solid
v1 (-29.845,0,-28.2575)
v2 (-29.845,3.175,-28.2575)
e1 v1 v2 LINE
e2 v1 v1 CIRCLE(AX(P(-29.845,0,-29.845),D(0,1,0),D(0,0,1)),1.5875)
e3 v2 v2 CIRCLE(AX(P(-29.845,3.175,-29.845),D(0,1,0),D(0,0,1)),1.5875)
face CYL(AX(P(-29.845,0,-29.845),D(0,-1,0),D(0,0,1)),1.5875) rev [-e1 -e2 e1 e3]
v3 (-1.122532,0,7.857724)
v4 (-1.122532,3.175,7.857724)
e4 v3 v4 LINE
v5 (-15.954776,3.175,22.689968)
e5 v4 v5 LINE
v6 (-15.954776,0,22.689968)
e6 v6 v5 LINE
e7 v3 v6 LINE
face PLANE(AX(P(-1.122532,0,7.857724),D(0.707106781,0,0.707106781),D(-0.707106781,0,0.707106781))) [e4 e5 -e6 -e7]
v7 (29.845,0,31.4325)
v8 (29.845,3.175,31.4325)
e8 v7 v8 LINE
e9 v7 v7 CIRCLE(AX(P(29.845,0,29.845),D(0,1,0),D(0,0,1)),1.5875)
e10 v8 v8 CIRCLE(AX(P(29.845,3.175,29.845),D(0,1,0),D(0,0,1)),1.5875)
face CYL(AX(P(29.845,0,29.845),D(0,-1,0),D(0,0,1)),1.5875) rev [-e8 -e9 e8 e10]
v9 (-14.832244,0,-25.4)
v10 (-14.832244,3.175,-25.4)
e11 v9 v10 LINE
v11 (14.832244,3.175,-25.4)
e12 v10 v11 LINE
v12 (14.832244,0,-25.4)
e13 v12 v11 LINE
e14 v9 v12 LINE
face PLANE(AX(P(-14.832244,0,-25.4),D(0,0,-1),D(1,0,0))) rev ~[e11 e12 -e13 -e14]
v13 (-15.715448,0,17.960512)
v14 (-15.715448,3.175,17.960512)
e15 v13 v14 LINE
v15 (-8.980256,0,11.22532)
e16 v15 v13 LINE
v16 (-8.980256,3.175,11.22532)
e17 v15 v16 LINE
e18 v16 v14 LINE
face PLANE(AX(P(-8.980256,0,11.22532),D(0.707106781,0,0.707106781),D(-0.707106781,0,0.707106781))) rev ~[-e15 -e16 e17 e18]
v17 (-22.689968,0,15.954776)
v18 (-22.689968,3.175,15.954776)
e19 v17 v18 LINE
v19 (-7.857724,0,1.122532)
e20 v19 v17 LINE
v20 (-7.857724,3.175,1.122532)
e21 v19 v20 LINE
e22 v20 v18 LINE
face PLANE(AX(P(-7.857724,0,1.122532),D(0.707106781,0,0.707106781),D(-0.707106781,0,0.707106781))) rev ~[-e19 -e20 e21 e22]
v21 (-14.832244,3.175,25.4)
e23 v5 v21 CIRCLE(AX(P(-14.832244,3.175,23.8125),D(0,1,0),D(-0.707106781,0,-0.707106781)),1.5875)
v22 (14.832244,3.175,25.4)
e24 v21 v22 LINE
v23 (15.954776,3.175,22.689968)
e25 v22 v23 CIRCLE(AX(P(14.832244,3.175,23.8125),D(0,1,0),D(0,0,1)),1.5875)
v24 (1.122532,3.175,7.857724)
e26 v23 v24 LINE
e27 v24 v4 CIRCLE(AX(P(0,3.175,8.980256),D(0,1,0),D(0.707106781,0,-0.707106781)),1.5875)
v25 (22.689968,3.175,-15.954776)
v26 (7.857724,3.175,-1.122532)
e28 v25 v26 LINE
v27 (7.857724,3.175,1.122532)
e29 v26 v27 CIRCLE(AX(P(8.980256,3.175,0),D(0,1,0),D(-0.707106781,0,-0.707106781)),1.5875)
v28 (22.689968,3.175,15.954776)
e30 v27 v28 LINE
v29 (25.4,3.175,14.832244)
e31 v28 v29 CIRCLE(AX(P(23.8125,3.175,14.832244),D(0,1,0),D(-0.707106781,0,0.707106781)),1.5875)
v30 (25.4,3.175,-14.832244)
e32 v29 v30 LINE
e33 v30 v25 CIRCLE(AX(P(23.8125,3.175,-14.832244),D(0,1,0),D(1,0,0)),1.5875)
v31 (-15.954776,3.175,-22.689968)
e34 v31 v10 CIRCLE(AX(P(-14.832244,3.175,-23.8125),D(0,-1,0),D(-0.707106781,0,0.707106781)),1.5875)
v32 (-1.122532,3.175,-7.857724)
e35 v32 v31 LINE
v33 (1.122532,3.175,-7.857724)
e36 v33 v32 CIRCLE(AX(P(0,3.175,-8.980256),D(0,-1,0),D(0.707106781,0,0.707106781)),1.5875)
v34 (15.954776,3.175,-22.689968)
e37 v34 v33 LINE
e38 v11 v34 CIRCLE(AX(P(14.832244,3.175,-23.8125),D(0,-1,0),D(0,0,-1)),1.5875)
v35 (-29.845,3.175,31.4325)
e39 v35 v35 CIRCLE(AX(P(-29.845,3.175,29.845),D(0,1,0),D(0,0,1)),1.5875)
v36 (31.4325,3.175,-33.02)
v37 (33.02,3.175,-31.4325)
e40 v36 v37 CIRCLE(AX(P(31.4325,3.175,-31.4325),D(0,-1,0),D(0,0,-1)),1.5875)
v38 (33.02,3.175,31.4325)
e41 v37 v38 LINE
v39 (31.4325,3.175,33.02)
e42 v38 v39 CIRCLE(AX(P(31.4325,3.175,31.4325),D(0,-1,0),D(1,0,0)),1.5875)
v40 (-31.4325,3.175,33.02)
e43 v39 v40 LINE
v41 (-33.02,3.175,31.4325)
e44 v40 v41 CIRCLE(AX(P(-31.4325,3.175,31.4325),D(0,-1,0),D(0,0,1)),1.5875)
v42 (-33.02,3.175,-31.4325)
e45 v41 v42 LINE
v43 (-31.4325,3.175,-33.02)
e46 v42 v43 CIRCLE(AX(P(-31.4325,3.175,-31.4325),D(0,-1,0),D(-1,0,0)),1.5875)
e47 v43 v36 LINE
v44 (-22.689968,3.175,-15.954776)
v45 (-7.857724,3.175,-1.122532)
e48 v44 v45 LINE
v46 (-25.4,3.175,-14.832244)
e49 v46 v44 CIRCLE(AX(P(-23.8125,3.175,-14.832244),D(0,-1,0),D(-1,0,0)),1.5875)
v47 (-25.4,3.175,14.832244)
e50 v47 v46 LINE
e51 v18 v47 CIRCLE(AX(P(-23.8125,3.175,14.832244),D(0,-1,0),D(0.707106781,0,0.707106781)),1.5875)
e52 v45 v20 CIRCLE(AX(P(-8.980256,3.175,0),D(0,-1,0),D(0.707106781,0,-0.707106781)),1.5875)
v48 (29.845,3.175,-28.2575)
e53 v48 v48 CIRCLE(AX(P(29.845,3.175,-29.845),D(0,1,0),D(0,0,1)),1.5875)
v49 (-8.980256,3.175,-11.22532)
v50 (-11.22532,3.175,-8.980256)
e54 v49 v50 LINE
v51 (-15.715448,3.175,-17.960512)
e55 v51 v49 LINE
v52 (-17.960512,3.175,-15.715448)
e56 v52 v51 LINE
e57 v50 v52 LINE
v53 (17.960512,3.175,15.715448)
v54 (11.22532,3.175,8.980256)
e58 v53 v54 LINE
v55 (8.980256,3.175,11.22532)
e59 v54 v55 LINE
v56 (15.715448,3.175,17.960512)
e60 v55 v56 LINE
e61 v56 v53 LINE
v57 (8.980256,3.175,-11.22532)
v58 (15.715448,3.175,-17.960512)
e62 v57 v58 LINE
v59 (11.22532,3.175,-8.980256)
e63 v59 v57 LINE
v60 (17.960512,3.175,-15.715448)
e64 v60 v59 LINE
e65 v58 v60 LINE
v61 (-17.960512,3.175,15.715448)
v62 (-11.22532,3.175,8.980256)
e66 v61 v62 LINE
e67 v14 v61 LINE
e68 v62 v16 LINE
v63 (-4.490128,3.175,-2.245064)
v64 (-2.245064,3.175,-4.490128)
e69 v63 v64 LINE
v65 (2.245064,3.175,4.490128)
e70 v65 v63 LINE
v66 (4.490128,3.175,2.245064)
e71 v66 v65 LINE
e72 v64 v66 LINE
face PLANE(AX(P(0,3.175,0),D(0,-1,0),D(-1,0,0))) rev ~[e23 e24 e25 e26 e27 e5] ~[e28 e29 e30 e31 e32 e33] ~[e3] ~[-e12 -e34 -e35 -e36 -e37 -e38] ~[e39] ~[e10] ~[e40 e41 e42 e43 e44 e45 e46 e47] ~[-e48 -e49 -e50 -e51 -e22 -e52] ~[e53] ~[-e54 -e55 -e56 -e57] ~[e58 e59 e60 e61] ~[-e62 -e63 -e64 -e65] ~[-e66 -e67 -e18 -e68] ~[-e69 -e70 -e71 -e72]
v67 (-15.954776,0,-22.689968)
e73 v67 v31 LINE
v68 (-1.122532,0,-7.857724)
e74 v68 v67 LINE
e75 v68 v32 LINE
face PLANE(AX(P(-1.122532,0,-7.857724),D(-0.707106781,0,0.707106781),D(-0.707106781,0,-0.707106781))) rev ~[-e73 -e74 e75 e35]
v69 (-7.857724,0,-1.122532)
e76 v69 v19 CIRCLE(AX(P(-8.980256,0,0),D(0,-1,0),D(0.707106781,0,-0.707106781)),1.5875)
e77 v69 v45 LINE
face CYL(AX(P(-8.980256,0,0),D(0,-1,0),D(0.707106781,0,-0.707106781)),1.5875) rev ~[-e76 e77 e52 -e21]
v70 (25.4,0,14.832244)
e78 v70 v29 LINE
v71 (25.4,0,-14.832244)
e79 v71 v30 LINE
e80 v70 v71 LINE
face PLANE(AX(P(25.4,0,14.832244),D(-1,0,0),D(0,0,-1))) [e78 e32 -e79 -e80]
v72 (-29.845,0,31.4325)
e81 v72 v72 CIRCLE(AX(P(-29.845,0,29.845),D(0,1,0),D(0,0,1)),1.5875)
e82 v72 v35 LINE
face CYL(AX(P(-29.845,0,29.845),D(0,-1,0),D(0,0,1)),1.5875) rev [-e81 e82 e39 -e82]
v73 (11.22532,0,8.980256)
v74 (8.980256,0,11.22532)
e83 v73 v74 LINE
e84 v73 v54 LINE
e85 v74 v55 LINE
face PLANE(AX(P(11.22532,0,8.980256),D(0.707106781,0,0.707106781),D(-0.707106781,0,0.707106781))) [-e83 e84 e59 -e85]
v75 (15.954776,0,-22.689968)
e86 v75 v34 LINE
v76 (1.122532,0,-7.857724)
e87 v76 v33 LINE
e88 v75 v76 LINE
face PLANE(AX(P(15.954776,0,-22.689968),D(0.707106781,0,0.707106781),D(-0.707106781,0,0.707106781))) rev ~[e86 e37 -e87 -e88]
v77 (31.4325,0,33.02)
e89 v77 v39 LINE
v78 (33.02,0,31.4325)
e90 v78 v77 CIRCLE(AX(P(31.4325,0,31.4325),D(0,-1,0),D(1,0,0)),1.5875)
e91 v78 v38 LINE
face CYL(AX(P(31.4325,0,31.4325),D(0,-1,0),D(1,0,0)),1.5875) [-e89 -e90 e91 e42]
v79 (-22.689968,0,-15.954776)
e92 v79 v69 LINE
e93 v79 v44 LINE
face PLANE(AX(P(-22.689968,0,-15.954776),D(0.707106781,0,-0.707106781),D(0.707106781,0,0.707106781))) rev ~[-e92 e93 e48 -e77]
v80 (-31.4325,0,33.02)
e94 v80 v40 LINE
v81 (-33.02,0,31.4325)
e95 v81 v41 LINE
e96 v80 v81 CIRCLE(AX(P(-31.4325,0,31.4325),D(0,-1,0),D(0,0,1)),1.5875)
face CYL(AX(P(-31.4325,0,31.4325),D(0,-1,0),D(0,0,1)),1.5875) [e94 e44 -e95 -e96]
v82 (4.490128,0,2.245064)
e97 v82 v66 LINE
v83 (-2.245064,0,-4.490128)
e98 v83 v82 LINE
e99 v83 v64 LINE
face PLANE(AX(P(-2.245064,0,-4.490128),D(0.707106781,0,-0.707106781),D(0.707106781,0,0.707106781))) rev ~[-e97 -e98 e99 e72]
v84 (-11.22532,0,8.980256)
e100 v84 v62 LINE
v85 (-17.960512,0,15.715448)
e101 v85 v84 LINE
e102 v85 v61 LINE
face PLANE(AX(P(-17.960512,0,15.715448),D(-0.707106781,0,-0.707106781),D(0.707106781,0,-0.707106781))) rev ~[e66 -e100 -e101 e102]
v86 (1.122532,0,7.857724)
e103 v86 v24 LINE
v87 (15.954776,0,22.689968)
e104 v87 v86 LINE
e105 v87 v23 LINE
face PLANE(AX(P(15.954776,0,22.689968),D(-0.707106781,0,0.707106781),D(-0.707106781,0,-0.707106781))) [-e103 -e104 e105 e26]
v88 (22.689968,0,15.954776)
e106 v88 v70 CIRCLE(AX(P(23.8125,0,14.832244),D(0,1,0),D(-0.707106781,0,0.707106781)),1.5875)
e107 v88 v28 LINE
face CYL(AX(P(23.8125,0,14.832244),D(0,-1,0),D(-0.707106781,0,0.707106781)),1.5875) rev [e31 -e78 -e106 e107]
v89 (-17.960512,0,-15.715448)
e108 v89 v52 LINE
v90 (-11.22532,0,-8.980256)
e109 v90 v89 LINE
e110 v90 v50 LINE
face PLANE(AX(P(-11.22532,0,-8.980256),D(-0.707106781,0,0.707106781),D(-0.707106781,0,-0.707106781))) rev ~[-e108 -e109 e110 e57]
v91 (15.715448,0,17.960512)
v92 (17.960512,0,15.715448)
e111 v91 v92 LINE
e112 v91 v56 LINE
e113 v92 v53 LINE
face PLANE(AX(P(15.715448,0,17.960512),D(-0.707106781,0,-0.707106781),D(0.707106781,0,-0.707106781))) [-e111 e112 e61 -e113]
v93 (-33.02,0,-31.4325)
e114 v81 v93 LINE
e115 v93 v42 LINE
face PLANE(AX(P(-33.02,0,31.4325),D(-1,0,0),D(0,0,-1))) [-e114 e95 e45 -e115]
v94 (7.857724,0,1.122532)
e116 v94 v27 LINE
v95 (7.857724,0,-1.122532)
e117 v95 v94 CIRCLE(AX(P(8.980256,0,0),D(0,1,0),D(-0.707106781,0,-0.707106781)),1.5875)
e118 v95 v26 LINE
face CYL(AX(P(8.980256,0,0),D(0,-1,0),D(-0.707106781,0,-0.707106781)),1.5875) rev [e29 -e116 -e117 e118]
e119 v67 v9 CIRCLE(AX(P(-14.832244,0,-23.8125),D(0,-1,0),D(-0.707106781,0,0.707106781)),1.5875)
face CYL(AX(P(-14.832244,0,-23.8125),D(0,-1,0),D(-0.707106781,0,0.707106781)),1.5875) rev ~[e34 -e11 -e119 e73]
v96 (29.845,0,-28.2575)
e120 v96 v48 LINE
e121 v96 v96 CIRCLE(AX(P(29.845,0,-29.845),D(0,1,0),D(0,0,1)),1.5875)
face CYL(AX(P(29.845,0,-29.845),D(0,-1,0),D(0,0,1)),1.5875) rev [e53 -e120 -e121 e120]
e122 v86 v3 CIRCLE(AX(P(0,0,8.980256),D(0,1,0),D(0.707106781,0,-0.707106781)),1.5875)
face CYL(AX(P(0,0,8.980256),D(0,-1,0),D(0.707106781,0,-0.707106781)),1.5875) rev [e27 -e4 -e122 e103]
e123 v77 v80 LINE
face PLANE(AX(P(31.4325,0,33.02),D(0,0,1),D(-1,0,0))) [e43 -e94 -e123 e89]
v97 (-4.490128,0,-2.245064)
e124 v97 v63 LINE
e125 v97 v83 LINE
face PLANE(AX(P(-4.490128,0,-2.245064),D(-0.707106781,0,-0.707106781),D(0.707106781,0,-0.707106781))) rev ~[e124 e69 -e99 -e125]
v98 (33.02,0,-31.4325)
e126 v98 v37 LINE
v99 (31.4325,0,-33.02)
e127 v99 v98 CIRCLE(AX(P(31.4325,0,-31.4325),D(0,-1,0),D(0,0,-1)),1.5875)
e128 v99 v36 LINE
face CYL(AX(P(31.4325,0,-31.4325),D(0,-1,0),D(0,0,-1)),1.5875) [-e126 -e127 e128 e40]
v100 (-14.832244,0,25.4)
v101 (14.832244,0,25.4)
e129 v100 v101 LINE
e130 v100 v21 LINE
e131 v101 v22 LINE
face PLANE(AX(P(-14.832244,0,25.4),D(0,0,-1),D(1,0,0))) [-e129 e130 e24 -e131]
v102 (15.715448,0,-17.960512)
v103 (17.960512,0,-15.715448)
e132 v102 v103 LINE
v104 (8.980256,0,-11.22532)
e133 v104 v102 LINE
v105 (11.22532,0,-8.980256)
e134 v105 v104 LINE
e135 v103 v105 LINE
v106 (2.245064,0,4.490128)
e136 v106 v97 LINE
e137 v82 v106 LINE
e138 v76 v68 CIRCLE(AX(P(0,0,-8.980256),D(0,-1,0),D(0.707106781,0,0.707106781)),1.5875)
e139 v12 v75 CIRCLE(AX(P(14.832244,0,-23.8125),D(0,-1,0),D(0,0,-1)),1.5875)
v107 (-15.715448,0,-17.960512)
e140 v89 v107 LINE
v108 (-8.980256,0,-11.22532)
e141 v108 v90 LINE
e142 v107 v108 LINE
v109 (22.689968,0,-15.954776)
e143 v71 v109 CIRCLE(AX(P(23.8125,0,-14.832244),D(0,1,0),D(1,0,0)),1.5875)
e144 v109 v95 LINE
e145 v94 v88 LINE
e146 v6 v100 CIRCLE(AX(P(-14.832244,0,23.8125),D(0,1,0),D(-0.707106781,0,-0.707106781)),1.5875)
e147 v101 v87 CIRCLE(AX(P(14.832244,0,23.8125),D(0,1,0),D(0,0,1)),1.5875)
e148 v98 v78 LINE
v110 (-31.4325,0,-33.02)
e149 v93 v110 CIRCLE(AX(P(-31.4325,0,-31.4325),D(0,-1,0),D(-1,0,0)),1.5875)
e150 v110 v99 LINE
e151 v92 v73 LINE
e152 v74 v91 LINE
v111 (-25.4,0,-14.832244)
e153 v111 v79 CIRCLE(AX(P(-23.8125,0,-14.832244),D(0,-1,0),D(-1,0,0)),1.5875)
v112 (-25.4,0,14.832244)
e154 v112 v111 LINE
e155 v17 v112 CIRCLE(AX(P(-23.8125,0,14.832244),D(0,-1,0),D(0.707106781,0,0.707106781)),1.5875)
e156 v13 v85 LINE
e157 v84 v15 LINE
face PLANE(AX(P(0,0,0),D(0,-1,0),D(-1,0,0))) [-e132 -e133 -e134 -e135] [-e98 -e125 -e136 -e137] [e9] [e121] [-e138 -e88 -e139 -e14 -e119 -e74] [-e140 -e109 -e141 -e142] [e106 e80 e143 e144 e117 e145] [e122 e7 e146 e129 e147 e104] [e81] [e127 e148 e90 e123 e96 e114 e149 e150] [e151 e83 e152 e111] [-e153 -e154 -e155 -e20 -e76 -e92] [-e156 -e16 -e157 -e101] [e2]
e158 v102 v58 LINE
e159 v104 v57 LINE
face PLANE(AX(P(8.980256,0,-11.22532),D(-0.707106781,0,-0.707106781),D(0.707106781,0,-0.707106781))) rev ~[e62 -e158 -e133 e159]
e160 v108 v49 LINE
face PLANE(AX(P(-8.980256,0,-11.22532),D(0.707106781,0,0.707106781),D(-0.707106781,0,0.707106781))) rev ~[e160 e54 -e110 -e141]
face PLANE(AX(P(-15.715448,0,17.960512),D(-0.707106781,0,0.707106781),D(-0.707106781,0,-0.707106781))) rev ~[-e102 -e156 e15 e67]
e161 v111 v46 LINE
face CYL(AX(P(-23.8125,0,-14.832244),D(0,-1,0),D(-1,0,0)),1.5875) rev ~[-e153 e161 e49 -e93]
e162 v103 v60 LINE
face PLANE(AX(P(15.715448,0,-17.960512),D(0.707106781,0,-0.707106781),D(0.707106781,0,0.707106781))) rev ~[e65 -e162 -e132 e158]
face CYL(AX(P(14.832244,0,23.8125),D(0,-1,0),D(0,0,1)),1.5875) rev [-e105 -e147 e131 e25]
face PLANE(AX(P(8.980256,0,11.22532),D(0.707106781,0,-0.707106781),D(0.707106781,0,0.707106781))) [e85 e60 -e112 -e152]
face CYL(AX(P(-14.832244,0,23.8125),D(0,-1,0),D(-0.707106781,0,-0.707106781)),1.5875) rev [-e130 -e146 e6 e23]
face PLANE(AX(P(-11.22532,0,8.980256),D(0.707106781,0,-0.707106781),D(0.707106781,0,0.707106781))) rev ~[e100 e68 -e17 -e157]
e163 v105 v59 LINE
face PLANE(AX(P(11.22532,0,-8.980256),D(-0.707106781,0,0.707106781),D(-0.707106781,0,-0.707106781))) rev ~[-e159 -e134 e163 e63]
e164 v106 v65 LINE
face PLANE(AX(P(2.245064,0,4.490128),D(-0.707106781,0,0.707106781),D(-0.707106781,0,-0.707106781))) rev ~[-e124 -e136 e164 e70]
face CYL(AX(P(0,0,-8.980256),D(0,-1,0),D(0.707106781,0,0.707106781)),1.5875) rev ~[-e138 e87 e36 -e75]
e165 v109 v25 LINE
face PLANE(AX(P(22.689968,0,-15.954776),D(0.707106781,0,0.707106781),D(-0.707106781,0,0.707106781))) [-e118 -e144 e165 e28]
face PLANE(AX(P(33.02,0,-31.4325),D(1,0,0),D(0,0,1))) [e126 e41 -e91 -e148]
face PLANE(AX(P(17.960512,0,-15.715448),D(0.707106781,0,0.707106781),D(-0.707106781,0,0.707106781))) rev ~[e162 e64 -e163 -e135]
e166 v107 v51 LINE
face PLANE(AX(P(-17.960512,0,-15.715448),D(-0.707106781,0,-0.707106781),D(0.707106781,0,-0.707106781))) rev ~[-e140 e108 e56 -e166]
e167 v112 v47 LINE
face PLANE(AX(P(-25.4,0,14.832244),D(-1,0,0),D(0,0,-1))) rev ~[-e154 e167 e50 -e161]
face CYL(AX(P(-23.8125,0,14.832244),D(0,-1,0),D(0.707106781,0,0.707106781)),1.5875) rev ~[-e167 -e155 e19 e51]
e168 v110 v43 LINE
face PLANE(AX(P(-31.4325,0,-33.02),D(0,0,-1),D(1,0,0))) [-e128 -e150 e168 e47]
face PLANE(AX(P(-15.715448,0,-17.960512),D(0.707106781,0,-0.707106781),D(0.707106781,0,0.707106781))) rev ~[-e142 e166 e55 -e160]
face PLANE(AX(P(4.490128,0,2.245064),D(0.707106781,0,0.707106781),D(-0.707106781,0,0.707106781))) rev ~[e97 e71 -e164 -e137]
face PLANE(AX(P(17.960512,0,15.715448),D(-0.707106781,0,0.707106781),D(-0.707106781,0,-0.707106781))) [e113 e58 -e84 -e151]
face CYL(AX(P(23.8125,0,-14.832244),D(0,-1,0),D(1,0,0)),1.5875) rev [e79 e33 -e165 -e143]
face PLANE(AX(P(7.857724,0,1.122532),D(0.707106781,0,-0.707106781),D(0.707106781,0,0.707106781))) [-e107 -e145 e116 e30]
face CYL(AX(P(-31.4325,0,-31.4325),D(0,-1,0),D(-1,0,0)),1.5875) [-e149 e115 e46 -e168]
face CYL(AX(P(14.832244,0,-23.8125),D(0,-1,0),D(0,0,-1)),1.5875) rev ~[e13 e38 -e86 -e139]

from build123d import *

# Parameters (mm, degrees)
SKETCH1_R           = 1.5875
BOSS_EXTRUDE1_DEPTH = 3.175


with BuildPart() as part:
    # Sketch1 → Boss-Extrude1 (new body)
    with BuildSketch(Plane(origin=(0, 0, 0), x_dir=(1, 0, 0), z_dir=(0, 1, 0))):
        with BuildLine():
            Line((-31.4325, 33.02), (31.4325, 33.02))
            ThreePointArc((31.4325, 33.02), (32.555032015, 32.555032015), (33.02, 31.4325))
            Line((33.02, 31.4325), (33.02, -31.4325))
            ThreePointArc((33.02, -31.4325), (32.555032015, -32.555032015), (31.4325, -33.02))
            Line((31.4325, -33.02), (-31.4325, -33.02))
            ThreePointArc((-31.4325, -33.02), (-32.555032015, -32.555032015), (-33.02, -31.4325))
            Line((-33.02, -31.4325), (-33.02, 31.4325))
            ThreePointArc((-33.02, 31.4325), (-32.555032015, 32.555032015), (-31.4325, 33.02))
        make_face()
        with Locations(Location((-29.845, 29.845, 0), (0, 0, 270))):
            Circle(SKETCH1_R, mode=Mode.SUBTRACT)
        with Locations(Location((29.845, 29.845, 0), (0, 0, 270))):
            Circle(SKETCH1_R, mode=Mode.SUBTRACT)
        with Locations(Location((29.845, -29.845, 0), (0, 0, 270))):
            Circle(SKETCH1_R, mode=Mode.SUBTRACT)
        with Locations(Location((-29.845, -29.845, 0), (0, 0, 270))):
            Circle(SKETCH1_R, mode=Mode.SUBTRACT)
        with BuildLine():
            Line((-14.832243879, 25.4), (14.832243879, 25.4))
            ThreePointArc((14.832243879, 25.4), (16.298902637, 24.420009949), (15.954775894, 22.689967985))
            Line((15.954775894, 22.689967985), (1.122532015, 7.857724106))
            ThreePointArc((1.122532015, 7.857724106), (0, 7.392756121), (-1.122532015, 7.857724106))
            Line((-1.122532015, 7.857724106), (-15.954775894, 22.689967985))
            ThreePointArc((-15.954775894, 22.689967985), (-16.298902637, 24.420009949), (-14.832243879, 25.4))
        make_face(mode=Mode.SUBTRACT)
        Polygon((15.715448212, -17.960512242), (17.960512242, -15.715448212), (11.225320151, -8.980256121), (8.980256121, -11.225320151), align=None, mode=Mode.SUBTRACT)
        with BuildLine():
            Line((-14.832243879, -25.4), (14.832243879, -25.4))
            ThreePointArc((14.832243879, -25.4), (16.298902637, -24.420009949), (15.954775894, -22.689967985))
            Line((15.954775894, -22.689967985), (1.122532015, -7.857724106))
            ThreePointArc((1.122532015, -7.857724106), (0, -7.392756121), (-1.122532015, -7.857724106))
            Line((-1.122532015, -7.857724106), (-15.954775894, -22.689967985))
            ThreePointArc((-15.954775894, -22.689967985), (-16.298902637, -24.420009949), (-14.832243879, -25.4))
        make_face(mode=Mode.SUBTRACT)
        Polygon((-15.715448212, 17.960512242), (-8.980256121, 11.225320151), (-11.225320151, 8.980256121), (-17.960512242, 15.715448212), align=None, mode=Mode.SUBTRACT)
        Polygon((-17.960512242, -15.715448212), (-11.225320151, -8.980256121), (-8.980256121, -11.225320151), (-15.715448212, -17.960512242), align=None, mode=Mode.SUBTRACT)
        with BuildLine():
            Line((-22.689967985, 15.954775894), (-7.857724106, 1.122532015))
            ThreePointArc((-7.857724106, 1.122532015), (-7.392756121, 0), (-7.857724106, -1.122532015))
            Line((-7.857724106, -1.122532015), (-22.689967985, -15.954775894))
            ThreePointArc((-22.689967985, -15.954775894), (-24.420009949, -16.298902637), (-25.4, -14.832243879))
            Line((-25.4, -14.832243879), (-25.4, 14.832243879))
            ThreePointArc((-25.4, 14.832243879), (-24.420009949, 16.298902637), (-22.689967985, 15.954775894))
        make_face(mode=Mode.SUBTRACT)
        Polygon((-4.490128061, 2.24506403), (-2.24506403, 4.490128061), (4.490128061, -2.24506403), (2.24506403, -4.490128061), align=None, mode=Mode.SUBTRACT)
        Polygon((8.980256121, 11.225320151), (15.715448212, 17.960512242), (17.960512242, 15.715448212), (11.225320151, 8.980256121), align=None, mode=Mode.SUBTRACT)
        with BuildLine():
            Line((25.4, -14.832243879), (25.4, 14.832243879))
            ThreePointArc((25.4, 14.832243879), (24.420009949, 16.298902637), (22.689967985, 15.954775894))
            Line((22.689967985, 15.954775894), (7.857724106, 1.122532015))
            ThreePointArc((7.857724106, 1.122532015), (7.392756121, 0), (7.857724106, -1.122532015))
            Line((7.857724106, -1.122532015), (22.689967985, -15.954775894))
            ThreePointArc((22.689967985, -15.954775894), (24.420009949, -16.298902637), (25.4, -14.832243879))
        make_face(mode=Mode.SUBTRACT)
    extrude(amount=BOSS_EXTRUDE1_DEPTH)


solid = part.part
